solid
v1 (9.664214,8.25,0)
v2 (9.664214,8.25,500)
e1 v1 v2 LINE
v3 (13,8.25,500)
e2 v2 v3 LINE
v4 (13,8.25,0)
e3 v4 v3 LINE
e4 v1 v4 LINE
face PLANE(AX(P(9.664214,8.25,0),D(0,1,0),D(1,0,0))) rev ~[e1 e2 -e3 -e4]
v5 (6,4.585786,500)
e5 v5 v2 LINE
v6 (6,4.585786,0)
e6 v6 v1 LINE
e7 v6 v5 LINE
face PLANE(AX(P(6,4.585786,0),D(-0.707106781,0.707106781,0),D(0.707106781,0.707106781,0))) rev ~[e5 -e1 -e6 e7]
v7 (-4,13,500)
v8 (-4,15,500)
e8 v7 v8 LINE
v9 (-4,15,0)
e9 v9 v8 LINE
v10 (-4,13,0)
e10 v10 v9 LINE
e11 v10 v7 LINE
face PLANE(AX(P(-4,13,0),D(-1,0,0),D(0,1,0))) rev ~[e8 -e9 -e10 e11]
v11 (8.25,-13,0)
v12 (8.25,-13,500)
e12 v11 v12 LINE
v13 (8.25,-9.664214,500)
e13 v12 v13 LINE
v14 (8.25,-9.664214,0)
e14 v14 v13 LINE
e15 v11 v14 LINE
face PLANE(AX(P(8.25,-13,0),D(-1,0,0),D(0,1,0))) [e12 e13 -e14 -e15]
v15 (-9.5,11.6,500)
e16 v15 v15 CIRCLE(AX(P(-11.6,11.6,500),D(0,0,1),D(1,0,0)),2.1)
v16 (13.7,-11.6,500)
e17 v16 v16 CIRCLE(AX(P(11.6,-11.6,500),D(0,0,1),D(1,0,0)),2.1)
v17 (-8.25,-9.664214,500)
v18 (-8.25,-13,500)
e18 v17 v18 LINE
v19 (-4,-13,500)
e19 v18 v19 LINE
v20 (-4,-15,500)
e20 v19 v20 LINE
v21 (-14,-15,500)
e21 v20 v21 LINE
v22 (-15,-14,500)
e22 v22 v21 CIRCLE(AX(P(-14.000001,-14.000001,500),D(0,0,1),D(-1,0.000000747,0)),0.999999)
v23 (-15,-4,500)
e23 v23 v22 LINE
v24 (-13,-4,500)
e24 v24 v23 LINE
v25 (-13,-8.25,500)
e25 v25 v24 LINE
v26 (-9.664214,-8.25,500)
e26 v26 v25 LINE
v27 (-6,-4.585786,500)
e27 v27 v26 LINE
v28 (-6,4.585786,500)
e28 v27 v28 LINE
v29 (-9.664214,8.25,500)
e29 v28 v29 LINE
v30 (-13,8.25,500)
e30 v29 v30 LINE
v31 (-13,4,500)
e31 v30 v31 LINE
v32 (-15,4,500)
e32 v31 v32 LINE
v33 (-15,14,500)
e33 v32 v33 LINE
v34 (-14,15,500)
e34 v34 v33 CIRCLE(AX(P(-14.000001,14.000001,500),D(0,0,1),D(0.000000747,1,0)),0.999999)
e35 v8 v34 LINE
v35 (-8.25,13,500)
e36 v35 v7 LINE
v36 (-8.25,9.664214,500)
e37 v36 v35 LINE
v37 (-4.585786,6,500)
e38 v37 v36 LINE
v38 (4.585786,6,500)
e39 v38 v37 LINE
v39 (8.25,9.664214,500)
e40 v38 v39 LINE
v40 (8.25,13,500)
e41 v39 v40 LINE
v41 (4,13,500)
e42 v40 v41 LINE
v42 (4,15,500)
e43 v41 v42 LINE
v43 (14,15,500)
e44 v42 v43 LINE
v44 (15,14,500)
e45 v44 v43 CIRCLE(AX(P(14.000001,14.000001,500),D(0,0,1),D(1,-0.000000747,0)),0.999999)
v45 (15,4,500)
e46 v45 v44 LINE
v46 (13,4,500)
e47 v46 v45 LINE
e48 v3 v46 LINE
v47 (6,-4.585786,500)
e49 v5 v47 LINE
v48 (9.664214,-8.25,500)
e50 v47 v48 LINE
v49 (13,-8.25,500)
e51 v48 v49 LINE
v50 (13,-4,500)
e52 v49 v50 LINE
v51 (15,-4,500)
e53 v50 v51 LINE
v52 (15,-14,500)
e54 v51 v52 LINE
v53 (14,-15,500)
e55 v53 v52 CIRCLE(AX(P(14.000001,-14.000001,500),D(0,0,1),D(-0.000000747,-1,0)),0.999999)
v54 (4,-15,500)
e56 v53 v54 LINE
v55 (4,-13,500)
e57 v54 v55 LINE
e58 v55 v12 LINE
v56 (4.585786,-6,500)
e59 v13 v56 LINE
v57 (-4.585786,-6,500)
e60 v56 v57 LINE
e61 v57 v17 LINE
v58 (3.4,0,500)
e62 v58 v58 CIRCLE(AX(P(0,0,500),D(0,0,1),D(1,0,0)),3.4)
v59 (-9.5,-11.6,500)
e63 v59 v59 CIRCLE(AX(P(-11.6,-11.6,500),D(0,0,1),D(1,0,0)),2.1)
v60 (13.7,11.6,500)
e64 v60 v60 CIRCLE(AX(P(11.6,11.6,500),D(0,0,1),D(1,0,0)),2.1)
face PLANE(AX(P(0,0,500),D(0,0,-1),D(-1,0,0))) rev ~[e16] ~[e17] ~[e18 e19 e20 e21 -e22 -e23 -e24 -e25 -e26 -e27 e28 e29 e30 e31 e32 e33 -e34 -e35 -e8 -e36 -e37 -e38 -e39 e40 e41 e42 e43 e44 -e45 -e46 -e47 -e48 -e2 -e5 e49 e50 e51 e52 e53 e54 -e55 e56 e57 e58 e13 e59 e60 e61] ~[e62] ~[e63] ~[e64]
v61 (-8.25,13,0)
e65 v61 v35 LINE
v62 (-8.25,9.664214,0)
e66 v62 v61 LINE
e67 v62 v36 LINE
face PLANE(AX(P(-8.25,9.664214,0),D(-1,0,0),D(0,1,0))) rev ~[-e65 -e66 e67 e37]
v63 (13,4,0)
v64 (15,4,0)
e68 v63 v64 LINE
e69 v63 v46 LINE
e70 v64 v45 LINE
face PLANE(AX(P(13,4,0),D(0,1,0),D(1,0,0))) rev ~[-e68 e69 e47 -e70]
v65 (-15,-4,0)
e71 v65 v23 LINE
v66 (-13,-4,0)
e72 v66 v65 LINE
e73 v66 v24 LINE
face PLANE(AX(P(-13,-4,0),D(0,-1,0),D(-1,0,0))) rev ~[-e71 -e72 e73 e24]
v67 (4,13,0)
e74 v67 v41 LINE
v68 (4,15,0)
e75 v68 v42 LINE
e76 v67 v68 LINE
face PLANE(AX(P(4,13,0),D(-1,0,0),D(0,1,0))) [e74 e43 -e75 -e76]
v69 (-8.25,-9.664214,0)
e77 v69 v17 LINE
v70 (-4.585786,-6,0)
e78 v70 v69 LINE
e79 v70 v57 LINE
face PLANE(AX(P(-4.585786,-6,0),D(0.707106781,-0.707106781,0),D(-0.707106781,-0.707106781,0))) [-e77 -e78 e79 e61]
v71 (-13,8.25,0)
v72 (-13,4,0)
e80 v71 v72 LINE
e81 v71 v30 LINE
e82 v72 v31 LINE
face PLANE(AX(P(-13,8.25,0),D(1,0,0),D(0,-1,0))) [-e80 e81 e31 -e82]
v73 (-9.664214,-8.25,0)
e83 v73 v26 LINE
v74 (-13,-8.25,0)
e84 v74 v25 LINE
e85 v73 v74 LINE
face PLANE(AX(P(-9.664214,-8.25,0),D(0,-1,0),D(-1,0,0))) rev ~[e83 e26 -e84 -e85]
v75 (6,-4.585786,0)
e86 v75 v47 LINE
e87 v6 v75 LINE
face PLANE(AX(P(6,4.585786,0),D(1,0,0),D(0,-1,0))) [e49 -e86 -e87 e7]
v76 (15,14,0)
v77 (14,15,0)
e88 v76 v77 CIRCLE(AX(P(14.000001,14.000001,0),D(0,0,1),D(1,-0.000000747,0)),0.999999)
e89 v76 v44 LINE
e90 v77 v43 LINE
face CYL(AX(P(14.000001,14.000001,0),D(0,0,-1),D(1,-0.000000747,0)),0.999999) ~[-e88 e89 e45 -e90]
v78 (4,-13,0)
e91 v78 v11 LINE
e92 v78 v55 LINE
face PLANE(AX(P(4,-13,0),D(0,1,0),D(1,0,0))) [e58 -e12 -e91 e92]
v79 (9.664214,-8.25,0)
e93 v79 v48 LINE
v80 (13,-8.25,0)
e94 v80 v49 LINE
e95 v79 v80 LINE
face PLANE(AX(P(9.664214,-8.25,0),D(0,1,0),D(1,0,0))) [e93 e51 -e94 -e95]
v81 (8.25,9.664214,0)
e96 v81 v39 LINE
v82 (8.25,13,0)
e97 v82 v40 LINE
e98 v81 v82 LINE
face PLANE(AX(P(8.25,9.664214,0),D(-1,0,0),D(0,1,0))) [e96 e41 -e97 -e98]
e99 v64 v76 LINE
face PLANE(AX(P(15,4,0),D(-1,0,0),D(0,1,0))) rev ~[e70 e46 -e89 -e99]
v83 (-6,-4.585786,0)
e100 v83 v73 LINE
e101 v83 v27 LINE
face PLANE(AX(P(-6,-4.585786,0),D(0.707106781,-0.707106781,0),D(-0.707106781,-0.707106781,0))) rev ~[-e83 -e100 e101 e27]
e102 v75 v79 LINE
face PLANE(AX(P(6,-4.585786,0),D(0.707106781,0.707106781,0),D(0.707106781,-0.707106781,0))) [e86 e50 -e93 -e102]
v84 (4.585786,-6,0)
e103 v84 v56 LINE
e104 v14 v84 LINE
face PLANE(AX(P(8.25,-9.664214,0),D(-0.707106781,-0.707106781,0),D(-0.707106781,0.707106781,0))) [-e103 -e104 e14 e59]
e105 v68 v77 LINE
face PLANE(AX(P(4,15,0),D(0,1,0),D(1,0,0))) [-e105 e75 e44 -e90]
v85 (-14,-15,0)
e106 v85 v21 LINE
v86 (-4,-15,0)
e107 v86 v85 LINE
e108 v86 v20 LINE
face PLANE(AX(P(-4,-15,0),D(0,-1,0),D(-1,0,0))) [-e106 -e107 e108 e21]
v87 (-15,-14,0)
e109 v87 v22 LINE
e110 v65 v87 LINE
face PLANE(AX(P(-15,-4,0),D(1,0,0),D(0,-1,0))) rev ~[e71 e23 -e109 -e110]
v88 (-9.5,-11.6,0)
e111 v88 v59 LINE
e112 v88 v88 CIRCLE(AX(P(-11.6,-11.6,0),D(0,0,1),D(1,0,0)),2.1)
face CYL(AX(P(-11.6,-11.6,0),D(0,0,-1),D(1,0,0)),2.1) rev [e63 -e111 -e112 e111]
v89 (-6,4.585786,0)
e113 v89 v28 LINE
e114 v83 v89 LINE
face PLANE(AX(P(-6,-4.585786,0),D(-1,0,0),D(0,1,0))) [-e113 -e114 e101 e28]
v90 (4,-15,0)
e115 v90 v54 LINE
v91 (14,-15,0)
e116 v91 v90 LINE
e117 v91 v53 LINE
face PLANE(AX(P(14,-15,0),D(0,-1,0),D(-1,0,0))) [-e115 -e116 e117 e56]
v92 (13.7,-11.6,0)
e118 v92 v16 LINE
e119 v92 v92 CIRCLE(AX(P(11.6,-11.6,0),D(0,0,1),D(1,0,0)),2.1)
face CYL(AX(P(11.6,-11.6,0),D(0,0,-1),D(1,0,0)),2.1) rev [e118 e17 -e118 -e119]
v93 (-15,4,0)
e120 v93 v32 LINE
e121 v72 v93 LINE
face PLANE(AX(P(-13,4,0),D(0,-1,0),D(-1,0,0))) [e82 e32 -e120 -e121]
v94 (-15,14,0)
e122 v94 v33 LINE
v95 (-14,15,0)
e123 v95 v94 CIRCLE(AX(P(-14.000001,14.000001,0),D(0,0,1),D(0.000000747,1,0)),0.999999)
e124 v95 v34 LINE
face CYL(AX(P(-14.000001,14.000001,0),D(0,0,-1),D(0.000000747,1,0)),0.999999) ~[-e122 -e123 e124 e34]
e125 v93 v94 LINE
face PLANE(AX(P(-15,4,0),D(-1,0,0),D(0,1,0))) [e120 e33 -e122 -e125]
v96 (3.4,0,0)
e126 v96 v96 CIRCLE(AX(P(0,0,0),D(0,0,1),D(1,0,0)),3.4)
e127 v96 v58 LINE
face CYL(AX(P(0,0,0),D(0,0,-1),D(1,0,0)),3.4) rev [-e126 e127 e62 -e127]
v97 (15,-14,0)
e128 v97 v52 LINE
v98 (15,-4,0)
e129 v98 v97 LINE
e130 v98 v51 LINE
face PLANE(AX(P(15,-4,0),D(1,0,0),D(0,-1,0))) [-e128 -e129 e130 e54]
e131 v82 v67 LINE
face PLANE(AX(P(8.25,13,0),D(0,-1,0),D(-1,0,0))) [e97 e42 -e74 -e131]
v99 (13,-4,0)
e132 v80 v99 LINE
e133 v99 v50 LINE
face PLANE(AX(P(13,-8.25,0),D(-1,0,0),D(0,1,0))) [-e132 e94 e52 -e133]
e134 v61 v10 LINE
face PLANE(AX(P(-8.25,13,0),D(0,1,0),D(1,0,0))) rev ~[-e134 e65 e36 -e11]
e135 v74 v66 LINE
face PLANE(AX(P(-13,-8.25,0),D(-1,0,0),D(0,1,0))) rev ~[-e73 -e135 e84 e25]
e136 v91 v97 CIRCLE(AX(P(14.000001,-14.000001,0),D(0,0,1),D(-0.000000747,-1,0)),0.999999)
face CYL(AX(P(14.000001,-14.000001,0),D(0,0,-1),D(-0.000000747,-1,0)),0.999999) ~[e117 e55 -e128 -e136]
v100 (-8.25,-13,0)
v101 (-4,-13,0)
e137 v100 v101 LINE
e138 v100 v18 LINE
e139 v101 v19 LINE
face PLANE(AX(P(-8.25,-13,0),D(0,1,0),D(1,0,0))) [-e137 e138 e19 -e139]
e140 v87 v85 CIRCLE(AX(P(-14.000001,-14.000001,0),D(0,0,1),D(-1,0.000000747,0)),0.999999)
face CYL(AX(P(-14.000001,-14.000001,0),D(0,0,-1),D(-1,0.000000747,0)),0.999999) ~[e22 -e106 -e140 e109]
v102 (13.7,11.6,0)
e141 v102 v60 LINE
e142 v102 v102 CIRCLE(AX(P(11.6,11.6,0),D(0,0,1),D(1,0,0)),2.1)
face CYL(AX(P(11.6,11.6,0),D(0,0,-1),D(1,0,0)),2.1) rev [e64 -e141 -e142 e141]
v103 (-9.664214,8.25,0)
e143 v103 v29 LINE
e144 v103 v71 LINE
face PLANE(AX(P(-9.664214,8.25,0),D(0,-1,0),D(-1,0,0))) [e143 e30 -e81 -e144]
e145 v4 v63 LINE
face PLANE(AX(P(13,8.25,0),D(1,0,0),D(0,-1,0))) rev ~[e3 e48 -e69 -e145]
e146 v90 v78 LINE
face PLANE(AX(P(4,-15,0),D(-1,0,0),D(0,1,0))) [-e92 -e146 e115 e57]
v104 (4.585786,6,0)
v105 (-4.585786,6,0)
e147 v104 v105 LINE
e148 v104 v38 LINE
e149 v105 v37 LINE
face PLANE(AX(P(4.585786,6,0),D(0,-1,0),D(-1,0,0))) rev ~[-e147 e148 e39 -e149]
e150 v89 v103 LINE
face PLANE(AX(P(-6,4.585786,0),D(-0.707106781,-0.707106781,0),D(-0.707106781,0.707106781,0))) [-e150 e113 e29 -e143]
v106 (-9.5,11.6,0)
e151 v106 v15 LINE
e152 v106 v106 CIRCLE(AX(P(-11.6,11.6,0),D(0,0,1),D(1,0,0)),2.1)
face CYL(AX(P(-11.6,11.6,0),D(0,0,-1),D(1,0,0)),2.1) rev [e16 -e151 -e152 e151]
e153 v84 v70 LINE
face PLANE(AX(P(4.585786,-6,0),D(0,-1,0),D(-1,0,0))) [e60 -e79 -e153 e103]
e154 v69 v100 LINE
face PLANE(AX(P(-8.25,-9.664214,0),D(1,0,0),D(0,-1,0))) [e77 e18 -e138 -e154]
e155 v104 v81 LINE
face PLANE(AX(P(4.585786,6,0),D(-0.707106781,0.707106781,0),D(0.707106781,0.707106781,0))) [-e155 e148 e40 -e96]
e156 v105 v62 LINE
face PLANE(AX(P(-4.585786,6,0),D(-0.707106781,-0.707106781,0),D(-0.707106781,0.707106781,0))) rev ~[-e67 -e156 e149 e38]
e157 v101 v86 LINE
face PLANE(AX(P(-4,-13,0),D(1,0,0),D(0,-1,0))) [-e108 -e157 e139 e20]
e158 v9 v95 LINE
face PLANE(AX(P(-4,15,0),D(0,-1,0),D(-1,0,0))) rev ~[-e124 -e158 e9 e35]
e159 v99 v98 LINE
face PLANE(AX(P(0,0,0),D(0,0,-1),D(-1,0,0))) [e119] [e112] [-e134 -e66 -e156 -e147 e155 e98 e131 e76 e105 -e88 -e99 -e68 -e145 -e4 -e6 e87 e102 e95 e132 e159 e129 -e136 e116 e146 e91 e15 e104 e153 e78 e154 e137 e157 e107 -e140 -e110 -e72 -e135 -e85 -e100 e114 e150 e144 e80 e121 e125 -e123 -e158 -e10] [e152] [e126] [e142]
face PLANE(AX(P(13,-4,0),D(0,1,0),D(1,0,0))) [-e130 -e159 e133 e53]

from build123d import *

# Parameters (mm, degrees)
SKETCH_R   = 2.1
SKETCH_R_2 = 3.4
PAD_DEPTH  = 500


with BuildPart() as part:
    # Sketch → Pad (new body)
    with BuildSketch(Plane.XY):
        with BuildLine():
            Line((-6, -4.585786), (-6, 4.585786))
            Line((-6, 4.585786), (-9.664214, 8.25))
            Line((-9.664214, 8.25), (-13, 8.25))
            Line((-13, 8.25), (-13, 4))
            Line((-13, 4), (-15, 4))
            Line((-15, 4), (-15, 14))
            ThreePointArc((-14, 15), (-14.707107, 14.707107), (-15, 14))
            Line((-4, 15), (-14, 15))
            Line((-4, 13), (-4, 15))
            Line((-8.25, 13), (-4, 13))
            Line((-8.25, 9.664214), (-8.25, 13))
            Line((-4.585786, 6), (-8.25, 9.664214))
            Line((4.585786, 6), (-4.585786, 6))
            Line((4.585786, 6), (8.25, 9.664214))
            Line((8.25, 9.664214), (8.25, 13))
            Line((8.25, 13), (4, 13))
            Line((4, 13), (4, 15))
            Line((4, 15), (14, 15))
            ThreePointArc((15, 14), (14.707107, 14.707107), (14, 15))
            Line((15, 4), (15, 14))
            Line((13, 4), (15, 4))
            Line((13, 8.25), (13, 4))
            Line((9.664214, 8.25), (13, 8.25))
            Line((6, 4.585786), (9.664214, 8.25))
            Line((6, 4.585786), (6, -4.585786))
            Line((6, -4.585786), (9.664214, -8.25))
            Line((9.664214, -8.25), (13, -8.25))
            Line((13, -8.25), (13, -4))
            Line((13, -4), (15, -4))
            Line((15, -4), (15, -14))
            ThreePointArc((14, -15), (14.707107, -14.707107), (15, -14))
            Line((14, -15), (4, -15))
            Line((4, -15), (4, -13))
            Line((4, -13), (8.25, -13))
            Line((8.25, -13), (8.25, -9.664214))
            Line((8.25, -9.664214), (4.585786, -6))
            Line((4.585786, -6), (-4.585786, -6))
            Line((-4.585786, -6), (-8.25, -9.664214))
            Line((-8.25, -9.664214), (-8.25, -13))
            Line((-8.25, -13), (-4, -13))
            Line((-4, -13), (-4, -15))
            Line((-4, -15), (-14, -15))
            ThreePointArc((-15, -14), (-14.707107, -14.707107), (-14, -15))
            Line((-15, -4), (-15, -14))
            Line((-13, -4), (-15, -4))
            Line((-13, -8.25), (-13, -4))
            Line((-9.664214, -8.25), (-13, -8.25))
            Line((-6, -4.585786), (-9.664214, -8.25))
        make_face()
        with Locations((-11.6, 11.6)):
            Circle(SKETCH_R, mode=Mode.SUBTRACT)
        Circle(SKETCH_R_2, mode=Mode.SUBTRACT)
        with Locations((11.6, 11.6)):
            Circle(SKETCH_R, mode=Mode.SUBTRACT)
        with Locations((-11.6, -11.6)):
            Circle(SKETCH_R, mode=Mode.SUBTRACT)
        with Locations((11.6, -11.6)):
            Circle(SKETCH_R, mode=Mode.SUBTRACT)
    extrude(amount=PAD_DEPTH)


solid = part.part
